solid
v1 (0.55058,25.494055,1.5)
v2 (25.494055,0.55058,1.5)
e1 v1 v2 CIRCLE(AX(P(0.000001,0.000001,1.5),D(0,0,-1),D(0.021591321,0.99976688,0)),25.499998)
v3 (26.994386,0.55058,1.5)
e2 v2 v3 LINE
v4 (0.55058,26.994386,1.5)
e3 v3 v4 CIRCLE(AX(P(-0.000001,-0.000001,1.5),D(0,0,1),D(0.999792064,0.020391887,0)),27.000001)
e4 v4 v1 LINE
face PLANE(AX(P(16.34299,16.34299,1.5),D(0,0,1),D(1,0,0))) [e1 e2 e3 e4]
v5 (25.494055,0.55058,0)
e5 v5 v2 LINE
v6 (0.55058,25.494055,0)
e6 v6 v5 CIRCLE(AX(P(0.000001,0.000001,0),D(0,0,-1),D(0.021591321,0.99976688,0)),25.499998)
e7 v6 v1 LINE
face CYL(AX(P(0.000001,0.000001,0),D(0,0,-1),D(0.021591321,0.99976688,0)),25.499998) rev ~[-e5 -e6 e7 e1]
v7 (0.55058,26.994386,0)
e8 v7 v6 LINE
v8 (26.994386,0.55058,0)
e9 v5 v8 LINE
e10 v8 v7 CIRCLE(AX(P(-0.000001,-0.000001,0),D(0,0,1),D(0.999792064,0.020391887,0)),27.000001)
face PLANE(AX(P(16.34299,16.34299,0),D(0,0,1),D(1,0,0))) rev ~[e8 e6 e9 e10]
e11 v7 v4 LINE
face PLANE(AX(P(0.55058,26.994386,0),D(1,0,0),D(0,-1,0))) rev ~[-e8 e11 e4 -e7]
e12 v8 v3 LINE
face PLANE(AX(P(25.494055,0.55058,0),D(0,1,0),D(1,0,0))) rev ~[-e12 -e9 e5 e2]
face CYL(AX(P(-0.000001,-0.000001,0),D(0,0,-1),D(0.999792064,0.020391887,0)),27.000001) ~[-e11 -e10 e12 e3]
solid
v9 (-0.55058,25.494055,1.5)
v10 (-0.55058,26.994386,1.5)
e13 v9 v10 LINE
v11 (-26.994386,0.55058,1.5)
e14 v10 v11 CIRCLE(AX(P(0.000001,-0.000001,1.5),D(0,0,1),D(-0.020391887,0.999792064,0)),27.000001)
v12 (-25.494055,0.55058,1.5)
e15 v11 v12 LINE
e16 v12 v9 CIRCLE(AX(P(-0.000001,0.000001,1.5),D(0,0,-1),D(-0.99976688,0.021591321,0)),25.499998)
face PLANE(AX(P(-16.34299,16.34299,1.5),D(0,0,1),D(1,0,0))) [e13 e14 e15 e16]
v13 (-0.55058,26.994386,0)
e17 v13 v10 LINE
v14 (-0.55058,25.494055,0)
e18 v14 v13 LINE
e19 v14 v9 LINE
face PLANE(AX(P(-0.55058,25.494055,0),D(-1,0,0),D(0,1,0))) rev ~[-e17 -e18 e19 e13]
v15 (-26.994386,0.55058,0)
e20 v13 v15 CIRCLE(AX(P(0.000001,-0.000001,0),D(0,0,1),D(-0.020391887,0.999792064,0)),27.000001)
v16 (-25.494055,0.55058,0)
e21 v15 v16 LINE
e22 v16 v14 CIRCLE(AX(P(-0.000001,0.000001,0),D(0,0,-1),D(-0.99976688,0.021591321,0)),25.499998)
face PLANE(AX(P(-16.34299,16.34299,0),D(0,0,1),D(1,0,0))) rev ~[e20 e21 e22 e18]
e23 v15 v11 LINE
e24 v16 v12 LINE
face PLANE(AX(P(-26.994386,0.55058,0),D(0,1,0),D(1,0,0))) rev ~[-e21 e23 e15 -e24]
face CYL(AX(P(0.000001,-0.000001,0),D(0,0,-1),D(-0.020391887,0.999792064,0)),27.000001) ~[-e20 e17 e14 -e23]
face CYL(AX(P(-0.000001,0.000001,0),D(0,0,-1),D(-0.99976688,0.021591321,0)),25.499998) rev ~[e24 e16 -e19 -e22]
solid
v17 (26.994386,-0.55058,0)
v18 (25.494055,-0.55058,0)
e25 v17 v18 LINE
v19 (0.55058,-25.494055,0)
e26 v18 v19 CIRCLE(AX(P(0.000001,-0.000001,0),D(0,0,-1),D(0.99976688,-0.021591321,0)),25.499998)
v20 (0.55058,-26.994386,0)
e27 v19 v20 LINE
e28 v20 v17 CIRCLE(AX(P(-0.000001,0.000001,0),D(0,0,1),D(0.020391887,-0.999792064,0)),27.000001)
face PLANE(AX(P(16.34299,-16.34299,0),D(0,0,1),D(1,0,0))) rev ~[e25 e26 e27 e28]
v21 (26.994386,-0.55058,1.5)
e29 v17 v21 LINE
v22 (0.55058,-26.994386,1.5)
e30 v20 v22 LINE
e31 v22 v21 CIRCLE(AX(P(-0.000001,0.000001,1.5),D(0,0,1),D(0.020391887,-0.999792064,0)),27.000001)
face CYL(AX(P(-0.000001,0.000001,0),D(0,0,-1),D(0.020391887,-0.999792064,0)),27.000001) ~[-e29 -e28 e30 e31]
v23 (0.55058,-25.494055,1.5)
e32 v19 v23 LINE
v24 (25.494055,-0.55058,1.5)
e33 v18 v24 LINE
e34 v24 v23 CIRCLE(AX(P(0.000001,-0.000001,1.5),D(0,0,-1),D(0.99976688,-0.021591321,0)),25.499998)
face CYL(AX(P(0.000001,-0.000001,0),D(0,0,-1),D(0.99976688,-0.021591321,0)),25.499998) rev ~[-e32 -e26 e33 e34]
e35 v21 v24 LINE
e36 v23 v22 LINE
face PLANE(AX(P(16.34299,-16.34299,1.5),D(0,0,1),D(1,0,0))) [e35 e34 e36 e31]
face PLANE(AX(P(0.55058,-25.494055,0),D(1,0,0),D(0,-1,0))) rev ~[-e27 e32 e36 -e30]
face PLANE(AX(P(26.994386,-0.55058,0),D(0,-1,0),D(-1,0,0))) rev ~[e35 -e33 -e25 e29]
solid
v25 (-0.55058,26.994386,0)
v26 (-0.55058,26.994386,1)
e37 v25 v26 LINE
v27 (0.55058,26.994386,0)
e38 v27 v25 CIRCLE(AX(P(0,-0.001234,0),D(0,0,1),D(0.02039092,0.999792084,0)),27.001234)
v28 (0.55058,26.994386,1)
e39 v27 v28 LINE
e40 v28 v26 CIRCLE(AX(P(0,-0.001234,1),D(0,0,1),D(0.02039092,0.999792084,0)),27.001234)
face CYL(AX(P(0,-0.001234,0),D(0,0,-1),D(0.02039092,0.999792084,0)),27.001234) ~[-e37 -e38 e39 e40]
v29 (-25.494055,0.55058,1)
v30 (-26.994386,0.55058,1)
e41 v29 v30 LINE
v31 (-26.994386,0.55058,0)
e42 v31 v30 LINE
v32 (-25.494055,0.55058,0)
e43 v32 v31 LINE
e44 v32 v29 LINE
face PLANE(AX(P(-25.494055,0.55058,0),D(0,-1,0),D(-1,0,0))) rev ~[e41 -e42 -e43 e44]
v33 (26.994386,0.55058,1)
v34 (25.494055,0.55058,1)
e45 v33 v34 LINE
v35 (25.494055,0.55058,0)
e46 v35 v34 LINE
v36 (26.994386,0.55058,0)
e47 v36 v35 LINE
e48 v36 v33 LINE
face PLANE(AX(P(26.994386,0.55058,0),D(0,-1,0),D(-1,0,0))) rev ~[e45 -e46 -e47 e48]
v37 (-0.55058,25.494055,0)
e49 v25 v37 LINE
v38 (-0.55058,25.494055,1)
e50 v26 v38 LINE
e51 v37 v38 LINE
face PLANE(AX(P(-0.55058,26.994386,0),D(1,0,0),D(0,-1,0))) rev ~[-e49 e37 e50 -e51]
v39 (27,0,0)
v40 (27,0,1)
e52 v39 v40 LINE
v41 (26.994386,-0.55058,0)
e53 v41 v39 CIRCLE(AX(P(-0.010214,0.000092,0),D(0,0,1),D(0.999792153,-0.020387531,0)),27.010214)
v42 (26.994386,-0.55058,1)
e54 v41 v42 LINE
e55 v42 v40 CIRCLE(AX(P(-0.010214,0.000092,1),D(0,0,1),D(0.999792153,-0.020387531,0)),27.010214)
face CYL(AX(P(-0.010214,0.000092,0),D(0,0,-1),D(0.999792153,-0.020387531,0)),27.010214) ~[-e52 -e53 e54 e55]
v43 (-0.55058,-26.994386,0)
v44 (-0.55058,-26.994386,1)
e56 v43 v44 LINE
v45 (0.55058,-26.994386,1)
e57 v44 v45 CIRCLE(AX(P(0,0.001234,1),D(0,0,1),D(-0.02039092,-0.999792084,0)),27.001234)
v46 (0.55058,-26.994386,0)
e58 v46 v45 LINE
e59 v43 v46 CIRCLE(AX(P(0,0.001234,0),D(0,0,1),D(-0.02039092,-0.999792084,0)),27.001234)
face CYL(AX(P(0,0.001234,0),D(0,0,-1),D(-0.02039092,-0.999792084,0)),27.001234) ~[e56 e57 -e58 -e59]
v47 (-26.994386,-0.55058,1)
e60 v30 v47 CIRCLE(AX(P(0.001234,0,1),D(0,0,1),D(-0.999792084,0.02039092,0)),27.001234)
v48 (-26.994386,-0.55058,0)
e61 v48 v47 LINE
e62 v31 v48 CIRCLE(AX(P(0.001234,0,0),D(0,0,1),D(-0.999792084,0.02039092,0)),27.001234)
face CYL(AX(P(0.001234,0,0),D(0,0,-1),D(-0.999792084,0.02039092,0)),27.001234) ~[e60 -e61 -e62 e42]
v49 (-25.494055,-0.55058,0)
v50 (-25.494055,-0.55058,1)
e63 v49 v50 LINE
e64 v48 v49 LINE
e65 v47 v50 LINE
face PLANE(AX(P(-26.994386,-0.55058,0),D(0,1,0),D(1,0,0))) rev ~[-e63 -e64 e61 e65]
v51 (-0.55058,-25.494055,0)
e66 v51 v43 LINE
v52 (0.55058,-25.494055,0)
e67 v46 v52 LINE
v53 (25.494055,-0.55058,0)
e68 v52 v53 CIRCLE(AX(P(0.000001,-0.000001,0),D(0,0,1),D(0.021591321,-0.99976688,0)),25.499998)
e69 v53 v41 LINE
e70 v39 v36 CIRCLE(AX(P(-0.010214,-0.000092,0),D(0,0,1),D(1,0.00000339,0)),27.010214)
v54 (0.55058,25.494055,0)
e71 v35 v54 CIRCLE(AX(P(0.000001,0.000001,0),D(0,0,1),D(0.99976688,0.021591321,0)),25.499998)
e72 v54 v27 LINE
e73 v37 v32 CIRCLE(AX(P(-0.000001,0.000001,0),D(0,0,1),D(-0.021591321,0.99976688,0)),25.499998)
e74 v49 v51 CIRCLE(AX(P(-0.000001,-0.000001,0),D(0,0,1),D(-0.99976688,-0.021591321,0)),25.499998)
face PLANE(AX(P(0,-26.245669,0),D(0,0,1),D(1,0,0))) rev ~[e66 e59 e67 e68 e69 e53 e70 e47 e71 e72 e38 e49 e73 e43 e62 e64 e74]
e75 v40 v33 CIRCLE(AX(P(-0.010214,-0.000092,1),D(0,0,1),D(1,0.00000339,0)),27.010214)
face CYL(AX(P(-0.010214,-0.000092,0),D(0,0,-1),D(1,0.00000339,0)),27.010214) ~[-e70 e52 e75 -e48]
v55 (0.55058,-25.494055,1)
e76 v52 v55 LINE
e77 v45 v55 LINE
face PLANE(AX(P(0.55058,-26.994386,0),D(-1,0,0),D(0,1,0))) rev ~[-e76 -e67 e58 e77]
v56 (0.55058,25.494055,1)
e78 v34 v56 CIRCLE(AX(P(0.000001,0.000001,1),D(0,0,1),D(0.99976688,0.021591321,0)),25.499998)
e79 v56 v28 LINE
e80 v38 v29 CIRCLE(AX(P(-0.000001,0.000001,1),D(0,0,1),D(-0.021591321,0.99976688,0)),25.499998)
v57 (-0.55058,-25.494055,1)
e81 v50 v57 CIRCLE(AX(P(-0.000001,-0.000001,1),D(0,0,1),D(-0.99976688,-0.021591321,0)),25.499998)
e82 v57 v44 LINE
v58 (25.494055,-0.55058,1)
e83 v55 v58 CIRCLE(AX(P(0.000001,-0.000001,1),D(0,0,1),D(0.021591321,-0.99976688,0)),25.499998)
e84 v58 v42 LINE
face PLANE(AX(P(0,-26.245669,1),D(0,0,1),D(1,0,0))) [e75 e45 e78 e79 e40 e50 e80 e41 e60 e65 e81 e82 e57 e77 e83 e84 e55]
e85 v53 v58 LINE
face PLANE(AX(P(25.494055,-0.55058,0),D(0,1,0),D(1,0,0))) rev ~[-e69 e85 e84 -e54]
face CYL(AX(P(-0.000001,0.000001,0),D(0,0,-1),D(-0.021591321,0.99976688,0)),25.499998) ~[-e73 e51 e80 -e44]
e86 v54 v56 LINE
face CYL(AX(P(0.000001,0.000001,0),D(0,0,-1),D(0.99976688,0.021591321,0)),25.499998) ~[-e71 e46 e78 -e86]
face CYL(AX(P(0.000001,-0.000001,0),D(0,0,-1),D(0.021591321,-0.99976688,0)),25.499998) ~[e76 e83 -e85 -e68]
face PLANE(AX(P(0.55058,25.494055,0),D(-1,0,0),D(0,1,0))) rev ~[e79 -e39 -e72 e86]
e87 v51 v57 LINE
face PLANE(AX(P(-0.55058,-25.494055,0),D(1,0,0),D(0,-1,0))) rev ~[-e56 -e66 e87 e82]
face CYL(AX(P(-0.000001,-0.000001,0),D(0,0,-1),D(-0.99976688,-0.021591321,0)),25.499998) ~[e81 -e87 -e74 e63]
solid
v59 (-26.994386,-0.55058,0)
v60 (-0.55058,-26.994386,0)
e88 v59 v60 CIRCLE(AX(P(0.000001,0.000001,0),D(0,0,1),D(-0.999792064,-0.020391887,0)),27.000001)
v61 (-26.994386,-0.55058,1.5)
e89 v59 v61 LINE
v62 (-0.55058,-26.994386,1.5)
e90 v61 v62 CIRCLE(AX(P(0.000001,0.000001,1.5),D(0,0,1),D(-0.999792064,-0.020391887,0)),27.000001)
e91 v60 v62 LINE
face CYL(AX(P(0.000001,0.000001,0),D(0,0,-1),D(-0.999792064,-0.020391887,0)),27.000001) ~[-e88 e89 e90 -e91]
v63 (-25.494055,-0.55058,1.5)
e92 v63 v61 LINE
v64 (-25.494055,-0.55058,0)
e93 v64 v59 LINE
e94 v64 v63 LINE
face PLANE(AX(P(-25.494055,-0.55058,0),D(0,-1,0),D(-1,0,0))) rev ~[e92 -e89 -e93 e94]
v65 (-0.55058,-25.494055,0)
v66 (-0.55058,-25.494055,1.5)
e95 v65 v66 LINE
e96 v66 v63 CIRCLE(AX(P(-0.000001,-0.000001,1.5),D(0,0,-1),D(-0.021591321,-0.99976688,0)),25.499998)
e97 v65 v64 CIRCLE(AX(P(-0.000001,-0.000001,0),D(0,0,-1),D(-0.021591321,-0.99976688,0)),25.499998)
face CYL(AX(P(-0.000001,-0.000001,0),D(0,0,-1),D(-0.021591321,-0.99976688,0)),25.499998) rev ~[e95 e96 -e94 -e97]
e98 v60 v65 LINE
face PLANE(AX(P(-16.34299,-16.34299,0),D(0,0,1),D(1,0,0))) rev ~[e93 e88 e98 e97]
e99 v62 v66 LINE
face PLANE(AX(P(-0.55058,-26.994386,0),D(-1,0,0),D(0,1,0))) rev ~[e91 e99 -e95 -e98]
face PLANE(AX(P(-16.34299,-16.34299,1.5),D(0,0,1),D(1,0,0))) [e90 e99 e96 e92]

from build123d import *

# Parameters (mm, degrees)
F1_DEPTH = 1.5
F2_DEPTH = 1


with BuildPart() as f1:
    # F0 (on Top) → F1 (new body)
    with BuildSketch(Plane.XY):
        with BuildLine():
            ThreePointArc((-26.994386, -0.55058), (-19.091883, -19.091883), (-0.55058, -26.994386))
            Line((-0.55058, -26.994386), (-0.55058, -25.494055))
            ThreePointArc((-0.55058, -25.494055), (-18.031223, -18.031223), (-25.494055, -0.55058))
            Line((-25.494055, -0.55058), (-26.994386, -0.55058))
        make_face()
        with BuildLine():
            ThreePointArc((0.55058, -26.994386), (19.091883, -19.091883), (26.994386, -0.55058))
            Line((26.994386, -0.55058), (25.494055, -0.55058))
            ThreePointArc((25.494055, -0.55058), (18.031223, -18.031223), (0.55058, -25.494055))
            Line((0.55058, -25.494055), (0.55058, -26.994386))
        make_face()
        with BuildLine():
            Line((25.494055, 0.55058), (26.994386, 0.55058))
            ThreePointArc((26.994386, 0.55058), (19.091883, 19.091883), (0.55058, 26.994386))
            Line((0.55058, 26.994386), (0.55058, 25.494055))
            ThreePointArc((0.55058, 25.494055), (18.031223, 18.031223), (25.494055, 0.55058))
        make_face()
        with BuildLine():
            Line((-0.55058, 25.494055), (-0.55058, 26.994386))
            ThreePointArc((-0.55058, 26.994386), (-19.091883, 19.091883), (-26.994386, 0.55058))
            Line((-26.994386, 0.55058), (-25.494055, 0.55058))
            ThreePointArc((-25.494055, 0.55058), (-18.031223, 18.031223), (-0.55058, 25.494055))
        make_face()
    extrude(amount=F1_DEPTH)


with BuildPart() as f2:
    # F0 (on Top) → F2 (new body)
    with BuildSketch(Plane.XY):
        with BuildLine():
            ThreePointArc((-0.55058, -26.994386), (0, -27), (0.55058, -26.994386))
            Line((0.55058, -26.994386), (0.55058, -25.494055))
            ThreePointArc((0.55058, -25.494055), (0, -25.5), (-0.55058, -25.494055))
            Line((-0.55058, -25.494055), (-0.55058, -26.994386))
        make_face()
        with BuildLine():
            ThreePointArc((25.5, 0), (25.498514, 0.275306), (25.494055, 0.55058))
            ThreePointArc((25.494055, 0.55058), (18.031223, 18.031223), (0.55058, 25.494055))
            ThreePointArc((0.55058, 25.494055), (0, 25.5), (-0.55058, 25.494055))
            ThreePointArc((-0.55058, 25.494055), (-18.031223, 18.031223), (-25.494055, 0.55058))
            ThreePointArc((-25.494055, 0.55058), (-25.5, 0), (-25.494055, -0.55058))
            ThreePointArc((-25.494055, -0.55058), (-18.031223, -18.031223), (-0.55058, -25.494055))
            ThreePointArc((-0.55058, -25.494055), (0, -25.5), (0.55058, -25.494055))
            ThreePointArc((0.55058, -25.494055), (18.031223, -18.031223), (25.494055, -0.55058))
            ThreePointArc((25.494055, -0.55058), (25.498514, -0.275306), (25.5, 0))
        make_face()
        with BuildLine():
            ThreePointArc((26.994386, -0.55058), (26.998596, -0.275304), (27, 0))
            ThreePointArc((27, 0), (26.998596, 0.275304), (26.994386, 0.55058))
            Line((26.994386, 0.55058), (25.494055, 0.55058))
            ThreePointArc((25.494055, 0.55058), (25.498514, 0.275306), (25.5, 0))
            ThreePointArc((25.5, 0), (25.498514, -0.275306), (25.494055, -0.55058))
            Line((25.494055, -0.55058), (26.994386, -0.55058))
        make_face()
        with BuildLine():
            Line((0.55058, 25.494055), (0.55058, 26.994386))
            ThreePointArc((0.55058, 26.994386), (0, 27), (-0.55058, 26.994386))
            Line((-0.55058, 26.994386), (-0.55058, 25.494055))
            ThreePointArc((-0.55058, 25.494055), (0, 25.5), (0.55058, 25.494055))
        make_face()
        with BuildLine():
            Line((-25.494055, 0.55058), (-26.994386, 0.55058))
            ThreePointArc((-26.994386, 0.55058), (-27, 0), (-26.994386, -0.55058))
            Line((-26.994386, -0.55058), (-25.494055, -0.55058))
            ThreePointArc((-25.494055, -0.55058), (-25.5, 0), (-25.494055, 0.55058))
        make_face()
    extrude(amount=F2_DEPTH)


solid = Compound([f1.part, f2.part])
